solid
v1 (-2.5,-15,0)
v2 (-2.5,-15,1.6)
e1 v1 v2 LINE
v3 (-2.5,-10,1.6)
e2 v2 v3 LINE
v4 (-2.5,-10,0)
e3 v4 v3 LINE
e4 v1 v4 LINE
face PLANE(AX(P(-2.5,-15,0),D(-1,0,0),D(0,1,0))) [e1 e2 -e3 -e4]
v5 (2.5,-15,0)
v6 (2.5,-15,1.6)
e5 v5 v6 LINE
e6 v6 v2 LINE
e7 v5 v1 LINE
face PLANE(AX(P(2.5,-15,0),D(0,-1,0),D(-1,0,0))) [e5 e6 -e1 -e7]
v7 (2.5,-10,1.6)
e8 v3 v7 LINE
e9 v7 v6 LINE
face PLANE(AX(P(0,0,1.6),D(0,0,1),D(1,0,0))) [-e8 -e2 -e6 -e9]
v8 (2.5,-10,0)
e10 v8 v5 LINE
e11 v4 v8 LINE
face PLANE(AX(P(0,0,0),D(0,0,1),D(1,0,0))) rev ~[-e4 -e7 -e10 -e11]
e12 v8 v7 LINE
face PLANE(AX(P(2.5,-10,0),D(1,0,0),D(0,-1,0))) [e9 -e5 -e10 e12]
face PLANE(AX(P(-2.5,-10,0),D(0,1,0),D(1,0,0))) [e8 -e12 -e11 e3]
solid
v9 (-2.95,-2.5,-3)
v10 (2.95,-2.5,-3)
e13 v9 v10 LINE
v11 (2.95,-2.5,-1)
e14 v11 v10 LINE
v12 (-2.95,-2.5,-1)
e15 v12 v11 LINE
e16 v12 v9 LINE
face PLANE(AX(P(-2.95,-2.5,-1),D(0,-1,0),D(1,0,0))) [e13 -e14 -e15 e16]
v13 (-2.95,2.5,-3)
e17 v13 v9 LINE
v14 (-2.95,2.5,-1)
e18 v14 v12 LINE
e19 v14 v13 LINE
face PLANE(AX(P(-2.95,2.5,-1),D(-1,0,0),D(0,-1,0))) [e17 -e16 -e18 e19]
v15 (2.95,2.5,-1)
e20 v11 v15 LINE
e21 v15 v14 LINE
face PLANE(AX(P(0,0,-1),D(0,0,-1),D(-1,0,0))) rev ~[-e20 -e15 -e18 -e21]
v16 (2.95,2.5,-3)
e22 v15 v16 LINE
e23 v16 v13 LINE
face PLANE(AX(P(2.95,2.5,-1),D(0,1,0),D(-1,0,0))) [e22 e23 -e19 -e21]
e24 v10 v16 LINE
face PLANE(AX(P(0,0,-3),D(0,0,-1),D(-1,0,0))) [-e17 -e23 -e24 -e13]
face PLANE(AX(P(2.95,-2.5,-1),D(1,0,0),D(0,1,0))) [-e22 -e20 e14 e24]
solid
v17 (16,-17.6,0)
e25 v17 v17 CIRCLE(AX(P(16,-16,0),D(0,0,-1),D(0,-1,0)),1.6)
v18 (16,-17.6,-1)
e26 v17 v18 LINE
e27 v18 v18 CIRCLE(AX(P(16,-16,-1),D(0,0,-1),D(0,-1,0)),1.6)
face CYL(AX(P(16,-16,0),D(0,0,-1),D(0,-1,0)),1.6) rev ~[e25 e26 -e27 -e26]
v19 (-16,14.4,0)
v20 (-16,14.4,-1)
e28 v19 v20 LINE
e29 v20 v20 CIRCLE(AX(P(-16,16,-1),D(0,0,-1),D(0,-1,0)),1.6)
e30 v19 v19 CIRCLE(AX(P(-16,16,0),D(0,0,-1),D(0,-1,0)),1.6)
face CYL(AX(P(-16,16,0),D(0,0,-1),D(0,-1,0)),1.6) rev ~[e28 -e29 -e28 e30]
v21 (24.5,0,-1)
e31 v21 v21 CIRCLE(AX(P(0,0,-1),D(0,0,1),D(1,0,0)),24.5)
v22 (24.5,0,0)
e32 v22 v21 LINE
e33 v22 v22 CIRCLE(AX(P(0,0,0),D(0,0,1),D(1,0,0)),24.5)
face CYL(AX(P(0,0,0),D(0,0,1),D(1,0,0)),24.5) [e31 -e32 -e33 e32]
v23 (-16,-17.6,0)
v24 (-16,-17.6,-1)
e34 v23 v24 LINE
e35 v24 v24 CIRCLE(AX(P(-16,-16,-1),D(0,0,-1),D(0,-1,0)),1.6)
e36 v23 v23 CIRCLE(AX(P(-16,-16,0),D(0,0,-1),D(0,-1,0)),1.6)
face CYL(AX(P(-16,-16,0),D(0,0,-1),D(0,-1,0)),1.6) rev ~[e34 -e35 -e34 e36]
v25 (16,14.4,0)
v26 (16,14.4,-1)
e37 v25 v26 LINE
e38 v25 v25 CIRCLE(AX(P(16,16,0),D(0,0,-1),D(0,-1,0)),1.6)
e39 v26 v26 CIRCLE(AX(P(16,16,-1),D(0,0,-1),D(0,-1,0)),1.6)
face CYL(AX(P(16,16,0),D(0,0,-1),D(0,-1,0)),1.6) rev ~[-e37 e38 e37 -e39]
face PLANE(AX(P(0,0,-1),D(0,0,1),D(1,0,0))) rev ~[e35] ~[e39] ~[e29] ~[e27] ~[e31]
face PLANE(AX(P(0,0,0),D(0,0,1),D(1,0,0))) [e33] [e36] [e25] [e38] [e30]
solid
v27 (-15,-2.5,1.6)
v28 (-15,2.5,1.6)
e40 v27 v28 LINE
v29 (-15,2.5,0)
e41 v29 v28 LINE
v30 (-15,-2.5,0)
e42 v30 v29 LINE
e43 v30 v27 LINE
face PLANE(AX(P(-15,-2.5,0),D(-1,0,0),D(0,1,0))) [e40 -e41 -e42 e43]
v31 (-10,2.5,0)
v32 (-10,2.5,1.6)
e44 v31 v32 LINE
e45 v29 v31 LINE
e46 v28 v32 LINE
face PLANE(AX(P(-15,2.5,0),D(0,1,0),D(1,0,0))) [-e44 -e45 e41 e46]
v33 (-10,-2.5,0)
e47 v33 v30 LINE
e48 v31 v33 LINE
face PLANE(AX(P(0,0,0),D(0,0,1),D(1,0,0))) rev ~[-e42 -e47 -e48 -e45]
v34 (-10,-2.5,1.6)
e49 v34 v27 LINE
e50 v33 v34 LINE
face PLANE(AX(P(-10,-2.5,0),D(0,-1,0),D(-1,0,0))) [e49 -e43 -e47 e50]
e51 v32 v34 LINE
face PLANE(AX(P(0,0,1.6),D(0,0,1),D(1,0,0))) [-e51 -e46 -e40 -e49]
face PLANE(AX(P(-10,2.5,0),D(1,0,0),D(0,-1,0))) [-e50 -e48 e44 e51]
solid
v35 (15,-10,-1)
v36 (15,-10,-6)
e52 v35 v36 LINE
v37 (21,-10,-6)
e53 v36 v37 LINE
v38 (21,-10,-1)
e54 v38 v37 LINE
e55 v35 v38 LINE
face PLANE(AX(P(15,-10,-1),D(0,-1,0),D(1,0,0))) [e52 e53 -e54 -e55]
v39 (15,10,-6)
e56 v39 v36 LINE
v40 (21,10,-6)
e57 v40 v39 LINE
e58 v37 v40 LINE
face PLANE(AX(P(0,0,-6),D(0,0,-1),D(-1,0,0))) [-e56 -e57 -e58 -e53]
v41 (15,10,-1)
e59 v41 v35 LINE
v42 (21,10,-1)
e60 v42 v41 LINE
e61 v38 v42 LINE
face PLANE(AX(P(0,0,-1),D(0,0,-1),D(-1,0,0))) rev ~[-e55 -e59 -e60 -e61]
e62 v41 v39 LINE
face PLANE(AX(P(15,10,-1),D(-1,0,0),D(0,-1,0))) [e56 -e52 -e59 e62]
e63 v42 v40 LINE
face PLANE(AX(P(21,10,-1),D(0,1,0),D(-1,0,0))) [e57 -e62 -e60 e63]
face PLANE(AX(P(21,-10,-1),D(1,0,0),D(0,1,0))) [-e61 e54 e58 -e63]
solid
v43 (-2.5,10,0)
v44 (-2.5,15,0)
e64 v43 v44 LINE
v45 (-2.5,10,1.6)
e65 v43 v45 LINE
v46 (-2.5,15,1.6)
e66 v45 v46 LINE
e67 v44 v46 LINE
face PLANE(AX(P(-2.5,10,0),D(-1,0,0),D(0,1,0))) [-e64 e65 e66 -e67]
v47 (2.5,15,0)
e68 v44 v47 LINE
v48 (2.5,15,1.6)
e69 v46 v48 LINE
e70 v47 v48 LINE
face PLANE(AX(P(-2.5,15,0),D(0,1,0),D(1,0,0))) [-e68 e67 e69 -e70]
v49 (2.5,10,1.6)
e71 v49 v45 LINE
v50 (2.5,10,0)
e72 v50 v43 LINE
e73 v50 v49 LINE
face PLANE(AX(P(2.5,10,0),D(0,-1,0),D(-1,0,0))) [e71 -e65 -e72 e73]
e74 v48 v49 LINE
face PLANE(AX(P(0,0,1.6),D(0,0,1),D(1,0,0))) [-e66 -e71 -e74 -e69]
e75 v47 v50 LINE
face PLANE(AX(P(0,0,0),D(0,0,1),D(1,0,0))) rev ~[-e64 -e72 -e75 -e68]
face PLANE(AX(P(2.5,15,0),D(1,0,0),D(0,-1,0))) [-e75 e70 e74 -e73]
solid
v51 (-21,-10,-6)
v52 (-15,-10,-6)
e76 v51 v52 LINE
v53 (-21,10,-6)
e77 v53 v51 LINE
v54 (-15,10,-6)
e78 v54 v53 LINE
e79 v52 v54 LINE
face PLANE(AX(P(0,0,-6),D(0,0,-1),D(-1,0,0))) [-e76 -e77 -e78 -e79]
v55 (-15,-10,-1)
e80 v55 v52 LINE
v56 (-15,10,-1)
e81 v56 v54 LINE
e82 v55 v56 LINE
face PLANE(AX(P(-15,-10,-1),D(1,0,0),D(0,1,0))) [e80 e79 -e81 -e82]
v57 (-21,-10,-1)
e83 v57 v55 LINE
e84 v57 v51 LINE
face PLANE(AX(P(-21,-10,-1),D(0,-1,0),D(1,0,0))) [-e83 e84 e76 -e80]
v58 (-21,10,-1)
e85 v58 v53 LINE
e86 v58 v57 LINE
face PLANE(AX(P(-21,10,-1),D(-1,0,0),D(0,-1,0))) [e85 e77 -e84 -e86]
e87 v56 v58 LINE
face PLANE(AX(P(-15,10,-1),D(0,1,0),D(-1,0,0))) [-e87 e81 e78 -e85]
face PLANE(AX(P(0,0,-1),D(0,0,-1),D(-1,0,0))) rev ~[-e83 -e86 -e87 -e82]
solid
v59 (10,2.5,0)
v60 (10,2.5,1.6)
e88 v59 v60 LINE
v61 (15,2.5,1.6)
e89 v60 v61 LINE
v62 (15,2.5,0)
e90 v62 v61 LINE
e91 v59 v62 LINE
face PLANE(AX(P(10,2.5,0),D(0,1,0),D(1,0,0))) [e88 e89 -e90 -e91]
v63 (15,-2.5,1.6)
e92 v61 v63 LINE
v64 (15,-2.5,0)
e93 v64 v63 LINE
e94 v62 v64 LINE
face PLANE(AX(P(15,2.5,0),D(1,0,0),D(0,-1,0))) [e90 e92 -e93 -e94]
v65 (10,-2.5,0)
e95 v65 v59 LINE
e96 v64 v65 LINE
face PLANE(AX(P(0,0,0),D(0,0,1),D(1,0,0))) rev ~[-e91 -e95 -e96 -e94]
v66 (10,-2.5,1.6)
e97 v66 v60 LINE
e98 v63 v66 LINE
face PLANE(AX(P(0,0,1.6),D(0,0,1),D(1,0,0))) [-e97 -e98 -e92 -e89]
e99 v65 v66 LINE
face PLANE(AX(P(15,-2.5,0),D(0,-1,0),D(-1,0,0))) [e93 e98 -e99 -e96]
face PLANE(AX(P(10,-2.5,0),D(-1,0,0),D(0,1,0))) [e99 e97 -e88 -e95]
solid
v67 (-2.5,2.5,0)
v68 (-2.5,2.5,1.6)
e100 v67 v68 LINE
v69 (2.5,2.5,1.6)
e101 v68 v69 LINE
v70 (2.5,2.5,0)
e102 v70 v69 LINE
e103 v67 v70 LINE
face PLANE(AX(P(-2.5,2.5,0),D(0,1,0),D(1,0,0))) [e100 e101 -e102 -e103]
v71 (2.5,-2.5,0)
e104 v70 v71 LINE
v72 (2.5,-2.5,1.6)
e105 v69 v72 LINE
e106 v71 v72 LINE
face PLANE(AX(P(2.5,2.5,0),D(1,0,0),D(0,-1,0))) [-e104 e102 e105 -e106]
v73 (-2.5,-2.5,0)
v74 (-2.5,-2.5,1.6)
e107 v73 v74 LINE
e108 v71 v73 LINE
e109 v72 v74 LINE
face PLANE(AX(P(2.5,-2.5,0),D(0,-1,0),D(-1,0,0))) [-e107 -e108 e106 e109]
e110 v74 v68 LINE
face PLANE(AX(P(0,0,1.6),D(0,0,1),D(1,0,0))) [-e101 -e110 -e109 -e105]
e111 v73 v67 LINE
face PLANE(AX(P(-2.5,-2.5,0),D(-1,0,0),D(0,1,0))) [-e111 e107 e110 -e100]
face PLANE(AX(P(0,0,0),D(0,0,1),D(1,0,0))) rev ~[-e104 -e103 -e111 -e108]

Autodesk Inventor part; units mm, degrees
ref_plane "YZ Plane" through (0, 0, 0) normal (1, 0, 0) x (0, 1, 0)
ref_plane "XZ Plane" through (0, 0, 0) normal (0, 1, 0) x (-1, 0, 0)
ref_plane "XY Plane" through (0, 0, 0) normal (0, 0, 1) x (1, 0, 0)
sketch "Skizze1" plane through (0, 0, 0) normal (0, 0, 1) x (1, 0, 0)
  circle A0 centre (0, 0) radius 25
  circle A1 centre (0, 0) radius 24.5
  circle A2 centre (0, 0) radius 22.6274 construction
  line L0 (-16, 16) -> (16, 16) construction
  line L1 (16, 16) -> (16, -16) construction
  line L2 (16, -16) -> (-16, -16) construction
  line L3 (-16, -16) -> (-16, 16) construction
  point P0 (16, 16)
  dimension "d0" = 50
  dimension "d1" = 0.5
  dimension "d2" = 32
extrude "Extrusion1" add sketch "Skizze1" against normal blind 1 contours A1
hole "Bohrung1" at (-16, 16, 0) at (16, 16, 0) at (16, -16, 0) at (-16, -16, 0) direction (0, 0, -1) diameter 3.2 end through all
sketch "Skizze2" plane through (0, 0, 0) normal (0, 0, 1) x (1, 0, 0)
  circle A0 centre (16, -16) radius 1.6 projected
  circle A1 centre (-16, 16) radius 1.6 projected
  circle A2 centre (16, 16) radius 1.6 projected
  circle A3 centre (-16, -16) radius 1.6 projected
  circle A4 centre (0, 0) radius 24.5 projected
  line L0 (-25.6213, 25.3721) -> (25.184, 25.3721) construction
  line L1 (25.184, 25.3721) -> (25.184, -25.4332) construction
  line L2 (25.184, -25.4332) -> (-25.6213, -25.4332) construction
  line L3 (-25.6213, -25.4332) -> (-25.6213, 25.3721) construction
sketch "Skizze3" plane through (0, 0, 0) normal (0, 0, 1) x (1, 0, 0)
  circle A0 centre (0, 0) radius 24.5 projected
  line L0 (-2.5, 2.5) -> (2.5, 2.5)
  line L1 (2.5, 2.5) -> (2.5, -2.5)
  line L2 (2.5, -2.5) -> (-2.5, -2.5)
  line L3 (-2.5, -2.5) -> (-2.5, 2.5)
  line L4 (-15, 2.5) -> (-10, 2.5)
  line L5 (-10, 2.5) -> (-10, -2.5)
  line L6 (-10, -2.5) -> (-15, -2.5)
  line L7 (-15, -2.5) -> (-15, 2.5)
  line L8 (-15, 2.5) -> (-10, -2.5) construction
  line L9 (-2.5, 2.5) -> (2.5, -2.5) construction
  line L10 (2.5, -2.5) -> (0, 0) construction
  line L11 (0, 0) -> (-12.5, 0) construction
  line L12 (-2.5, -15) -> (-2.5, -10)
  line L13 (-2.5, -10) -> (2.5, -10)
  line L14 (2.5, -10) -> (2.5, -15)
  line L15 (2.5, -15) -> (-2.5, -15)
  line L16 (15, -2.5) -> (10, -2.5)
  line L17 (10, -2.5) -> (10, 2.5)
  line L18 (10, 2.5) -> (15, 2.5)
  line L19 (15, 2.5) -> (15, -2.5)
  line L20 (2.5, 15) -> (2.5, 10)
  line L21 (2.5, 10) -> (-2.5, 10)
  line L22 (-2.5, 10) -> (-2.5, 15)
  line L23 (-2.5, 15) -> (2.5, 15)
  dimension "d24" = 5
  dimension "d25" = 12.5
  dimension "d28" = 360
extrude "Extrusion2" add sketch "Skizze3" along normal blind 1.6 separate body contours L0 L1 L2 L3 | L4 L5 L6 L7 | L12 L13 L14 L15 | L16 L17 L18 L19 | L20 L21 L22 L23
sketch "Skizze4" plane through (0, 0, -1) normal (0, 0, -1) x (-1, 0, 0)
  circle A0 centre (0, 0) radius 24.5 projected
  line L0 (-2.95, 2.5) -> (2.95, 2.5)
  line L1 (2.95, 2.5) -> (2.95, -2.5)
  line L2 (2.95, -2.5) -> (-2.95, -2.5)
  line L3 (-2.95, -2.5) -> (-2.95, 2.5)
  line L4 (-2.95, -2.5) -> (2.95, 2.5) construction
  dimension "d33" = 5.9
  dimension "d34" = 5
extrude "Extrusion3" add sketch "Skizze4" along normal blind 2 separate body contours L0 L1 L2 L3
sketch "Skizze5" plane through (0, 0, -1) normal (0, 0, -1) x (-1, 0, 0)
  circle A0 centre (0, 0) radius 24.5 projected
  line L0 (-21, 10) -> (-15, 10)
  line L1 (-15, 10) -> (-15, -10)
  line L2 (-15, -10) -> (-21, -10)
  line L3 (-21, -10) -> (-21, 10)
  line L4 (15, 10) -> (21, 10)
  line L5 (21, 10) -> (21, -10)
  line L6 (21, -10) -> (15, -10)
  line L7 (15, -10) -> (15, 10)
  line L8 (-21, 0) -> (21, 0) construction
  line L9 (-18, 10) -> (-18, -10) construction
  point P0 (0, 0)
  dimension "d38" = 20
  dimension "d39" = 6
  dimension "d40" = 18
extrude "Extrusion4" add sketch "Skizze5" along normal blind 5 contours L0 L1 L2 L3 | L4 L5 L6 L7 bodies 3
sketch "Skizze6" plane through (0, 0, -1) normal (0, 0, -1) x (-1, 0, 0)
  line L0 (-26.2075, 26.1914) -> (26.4628, 26.1914) construction
  line L1 (26.4628, 26.1914) -> (26.4628, -26.479) construction
  line L2 (26.4628, -26.479) -> (-26.2075, -26.479) construction
  line L3 (-26.2075, -26.479) -> (-26.2075, 26.1914) construction
properties part number "Encoder with LEDs"
